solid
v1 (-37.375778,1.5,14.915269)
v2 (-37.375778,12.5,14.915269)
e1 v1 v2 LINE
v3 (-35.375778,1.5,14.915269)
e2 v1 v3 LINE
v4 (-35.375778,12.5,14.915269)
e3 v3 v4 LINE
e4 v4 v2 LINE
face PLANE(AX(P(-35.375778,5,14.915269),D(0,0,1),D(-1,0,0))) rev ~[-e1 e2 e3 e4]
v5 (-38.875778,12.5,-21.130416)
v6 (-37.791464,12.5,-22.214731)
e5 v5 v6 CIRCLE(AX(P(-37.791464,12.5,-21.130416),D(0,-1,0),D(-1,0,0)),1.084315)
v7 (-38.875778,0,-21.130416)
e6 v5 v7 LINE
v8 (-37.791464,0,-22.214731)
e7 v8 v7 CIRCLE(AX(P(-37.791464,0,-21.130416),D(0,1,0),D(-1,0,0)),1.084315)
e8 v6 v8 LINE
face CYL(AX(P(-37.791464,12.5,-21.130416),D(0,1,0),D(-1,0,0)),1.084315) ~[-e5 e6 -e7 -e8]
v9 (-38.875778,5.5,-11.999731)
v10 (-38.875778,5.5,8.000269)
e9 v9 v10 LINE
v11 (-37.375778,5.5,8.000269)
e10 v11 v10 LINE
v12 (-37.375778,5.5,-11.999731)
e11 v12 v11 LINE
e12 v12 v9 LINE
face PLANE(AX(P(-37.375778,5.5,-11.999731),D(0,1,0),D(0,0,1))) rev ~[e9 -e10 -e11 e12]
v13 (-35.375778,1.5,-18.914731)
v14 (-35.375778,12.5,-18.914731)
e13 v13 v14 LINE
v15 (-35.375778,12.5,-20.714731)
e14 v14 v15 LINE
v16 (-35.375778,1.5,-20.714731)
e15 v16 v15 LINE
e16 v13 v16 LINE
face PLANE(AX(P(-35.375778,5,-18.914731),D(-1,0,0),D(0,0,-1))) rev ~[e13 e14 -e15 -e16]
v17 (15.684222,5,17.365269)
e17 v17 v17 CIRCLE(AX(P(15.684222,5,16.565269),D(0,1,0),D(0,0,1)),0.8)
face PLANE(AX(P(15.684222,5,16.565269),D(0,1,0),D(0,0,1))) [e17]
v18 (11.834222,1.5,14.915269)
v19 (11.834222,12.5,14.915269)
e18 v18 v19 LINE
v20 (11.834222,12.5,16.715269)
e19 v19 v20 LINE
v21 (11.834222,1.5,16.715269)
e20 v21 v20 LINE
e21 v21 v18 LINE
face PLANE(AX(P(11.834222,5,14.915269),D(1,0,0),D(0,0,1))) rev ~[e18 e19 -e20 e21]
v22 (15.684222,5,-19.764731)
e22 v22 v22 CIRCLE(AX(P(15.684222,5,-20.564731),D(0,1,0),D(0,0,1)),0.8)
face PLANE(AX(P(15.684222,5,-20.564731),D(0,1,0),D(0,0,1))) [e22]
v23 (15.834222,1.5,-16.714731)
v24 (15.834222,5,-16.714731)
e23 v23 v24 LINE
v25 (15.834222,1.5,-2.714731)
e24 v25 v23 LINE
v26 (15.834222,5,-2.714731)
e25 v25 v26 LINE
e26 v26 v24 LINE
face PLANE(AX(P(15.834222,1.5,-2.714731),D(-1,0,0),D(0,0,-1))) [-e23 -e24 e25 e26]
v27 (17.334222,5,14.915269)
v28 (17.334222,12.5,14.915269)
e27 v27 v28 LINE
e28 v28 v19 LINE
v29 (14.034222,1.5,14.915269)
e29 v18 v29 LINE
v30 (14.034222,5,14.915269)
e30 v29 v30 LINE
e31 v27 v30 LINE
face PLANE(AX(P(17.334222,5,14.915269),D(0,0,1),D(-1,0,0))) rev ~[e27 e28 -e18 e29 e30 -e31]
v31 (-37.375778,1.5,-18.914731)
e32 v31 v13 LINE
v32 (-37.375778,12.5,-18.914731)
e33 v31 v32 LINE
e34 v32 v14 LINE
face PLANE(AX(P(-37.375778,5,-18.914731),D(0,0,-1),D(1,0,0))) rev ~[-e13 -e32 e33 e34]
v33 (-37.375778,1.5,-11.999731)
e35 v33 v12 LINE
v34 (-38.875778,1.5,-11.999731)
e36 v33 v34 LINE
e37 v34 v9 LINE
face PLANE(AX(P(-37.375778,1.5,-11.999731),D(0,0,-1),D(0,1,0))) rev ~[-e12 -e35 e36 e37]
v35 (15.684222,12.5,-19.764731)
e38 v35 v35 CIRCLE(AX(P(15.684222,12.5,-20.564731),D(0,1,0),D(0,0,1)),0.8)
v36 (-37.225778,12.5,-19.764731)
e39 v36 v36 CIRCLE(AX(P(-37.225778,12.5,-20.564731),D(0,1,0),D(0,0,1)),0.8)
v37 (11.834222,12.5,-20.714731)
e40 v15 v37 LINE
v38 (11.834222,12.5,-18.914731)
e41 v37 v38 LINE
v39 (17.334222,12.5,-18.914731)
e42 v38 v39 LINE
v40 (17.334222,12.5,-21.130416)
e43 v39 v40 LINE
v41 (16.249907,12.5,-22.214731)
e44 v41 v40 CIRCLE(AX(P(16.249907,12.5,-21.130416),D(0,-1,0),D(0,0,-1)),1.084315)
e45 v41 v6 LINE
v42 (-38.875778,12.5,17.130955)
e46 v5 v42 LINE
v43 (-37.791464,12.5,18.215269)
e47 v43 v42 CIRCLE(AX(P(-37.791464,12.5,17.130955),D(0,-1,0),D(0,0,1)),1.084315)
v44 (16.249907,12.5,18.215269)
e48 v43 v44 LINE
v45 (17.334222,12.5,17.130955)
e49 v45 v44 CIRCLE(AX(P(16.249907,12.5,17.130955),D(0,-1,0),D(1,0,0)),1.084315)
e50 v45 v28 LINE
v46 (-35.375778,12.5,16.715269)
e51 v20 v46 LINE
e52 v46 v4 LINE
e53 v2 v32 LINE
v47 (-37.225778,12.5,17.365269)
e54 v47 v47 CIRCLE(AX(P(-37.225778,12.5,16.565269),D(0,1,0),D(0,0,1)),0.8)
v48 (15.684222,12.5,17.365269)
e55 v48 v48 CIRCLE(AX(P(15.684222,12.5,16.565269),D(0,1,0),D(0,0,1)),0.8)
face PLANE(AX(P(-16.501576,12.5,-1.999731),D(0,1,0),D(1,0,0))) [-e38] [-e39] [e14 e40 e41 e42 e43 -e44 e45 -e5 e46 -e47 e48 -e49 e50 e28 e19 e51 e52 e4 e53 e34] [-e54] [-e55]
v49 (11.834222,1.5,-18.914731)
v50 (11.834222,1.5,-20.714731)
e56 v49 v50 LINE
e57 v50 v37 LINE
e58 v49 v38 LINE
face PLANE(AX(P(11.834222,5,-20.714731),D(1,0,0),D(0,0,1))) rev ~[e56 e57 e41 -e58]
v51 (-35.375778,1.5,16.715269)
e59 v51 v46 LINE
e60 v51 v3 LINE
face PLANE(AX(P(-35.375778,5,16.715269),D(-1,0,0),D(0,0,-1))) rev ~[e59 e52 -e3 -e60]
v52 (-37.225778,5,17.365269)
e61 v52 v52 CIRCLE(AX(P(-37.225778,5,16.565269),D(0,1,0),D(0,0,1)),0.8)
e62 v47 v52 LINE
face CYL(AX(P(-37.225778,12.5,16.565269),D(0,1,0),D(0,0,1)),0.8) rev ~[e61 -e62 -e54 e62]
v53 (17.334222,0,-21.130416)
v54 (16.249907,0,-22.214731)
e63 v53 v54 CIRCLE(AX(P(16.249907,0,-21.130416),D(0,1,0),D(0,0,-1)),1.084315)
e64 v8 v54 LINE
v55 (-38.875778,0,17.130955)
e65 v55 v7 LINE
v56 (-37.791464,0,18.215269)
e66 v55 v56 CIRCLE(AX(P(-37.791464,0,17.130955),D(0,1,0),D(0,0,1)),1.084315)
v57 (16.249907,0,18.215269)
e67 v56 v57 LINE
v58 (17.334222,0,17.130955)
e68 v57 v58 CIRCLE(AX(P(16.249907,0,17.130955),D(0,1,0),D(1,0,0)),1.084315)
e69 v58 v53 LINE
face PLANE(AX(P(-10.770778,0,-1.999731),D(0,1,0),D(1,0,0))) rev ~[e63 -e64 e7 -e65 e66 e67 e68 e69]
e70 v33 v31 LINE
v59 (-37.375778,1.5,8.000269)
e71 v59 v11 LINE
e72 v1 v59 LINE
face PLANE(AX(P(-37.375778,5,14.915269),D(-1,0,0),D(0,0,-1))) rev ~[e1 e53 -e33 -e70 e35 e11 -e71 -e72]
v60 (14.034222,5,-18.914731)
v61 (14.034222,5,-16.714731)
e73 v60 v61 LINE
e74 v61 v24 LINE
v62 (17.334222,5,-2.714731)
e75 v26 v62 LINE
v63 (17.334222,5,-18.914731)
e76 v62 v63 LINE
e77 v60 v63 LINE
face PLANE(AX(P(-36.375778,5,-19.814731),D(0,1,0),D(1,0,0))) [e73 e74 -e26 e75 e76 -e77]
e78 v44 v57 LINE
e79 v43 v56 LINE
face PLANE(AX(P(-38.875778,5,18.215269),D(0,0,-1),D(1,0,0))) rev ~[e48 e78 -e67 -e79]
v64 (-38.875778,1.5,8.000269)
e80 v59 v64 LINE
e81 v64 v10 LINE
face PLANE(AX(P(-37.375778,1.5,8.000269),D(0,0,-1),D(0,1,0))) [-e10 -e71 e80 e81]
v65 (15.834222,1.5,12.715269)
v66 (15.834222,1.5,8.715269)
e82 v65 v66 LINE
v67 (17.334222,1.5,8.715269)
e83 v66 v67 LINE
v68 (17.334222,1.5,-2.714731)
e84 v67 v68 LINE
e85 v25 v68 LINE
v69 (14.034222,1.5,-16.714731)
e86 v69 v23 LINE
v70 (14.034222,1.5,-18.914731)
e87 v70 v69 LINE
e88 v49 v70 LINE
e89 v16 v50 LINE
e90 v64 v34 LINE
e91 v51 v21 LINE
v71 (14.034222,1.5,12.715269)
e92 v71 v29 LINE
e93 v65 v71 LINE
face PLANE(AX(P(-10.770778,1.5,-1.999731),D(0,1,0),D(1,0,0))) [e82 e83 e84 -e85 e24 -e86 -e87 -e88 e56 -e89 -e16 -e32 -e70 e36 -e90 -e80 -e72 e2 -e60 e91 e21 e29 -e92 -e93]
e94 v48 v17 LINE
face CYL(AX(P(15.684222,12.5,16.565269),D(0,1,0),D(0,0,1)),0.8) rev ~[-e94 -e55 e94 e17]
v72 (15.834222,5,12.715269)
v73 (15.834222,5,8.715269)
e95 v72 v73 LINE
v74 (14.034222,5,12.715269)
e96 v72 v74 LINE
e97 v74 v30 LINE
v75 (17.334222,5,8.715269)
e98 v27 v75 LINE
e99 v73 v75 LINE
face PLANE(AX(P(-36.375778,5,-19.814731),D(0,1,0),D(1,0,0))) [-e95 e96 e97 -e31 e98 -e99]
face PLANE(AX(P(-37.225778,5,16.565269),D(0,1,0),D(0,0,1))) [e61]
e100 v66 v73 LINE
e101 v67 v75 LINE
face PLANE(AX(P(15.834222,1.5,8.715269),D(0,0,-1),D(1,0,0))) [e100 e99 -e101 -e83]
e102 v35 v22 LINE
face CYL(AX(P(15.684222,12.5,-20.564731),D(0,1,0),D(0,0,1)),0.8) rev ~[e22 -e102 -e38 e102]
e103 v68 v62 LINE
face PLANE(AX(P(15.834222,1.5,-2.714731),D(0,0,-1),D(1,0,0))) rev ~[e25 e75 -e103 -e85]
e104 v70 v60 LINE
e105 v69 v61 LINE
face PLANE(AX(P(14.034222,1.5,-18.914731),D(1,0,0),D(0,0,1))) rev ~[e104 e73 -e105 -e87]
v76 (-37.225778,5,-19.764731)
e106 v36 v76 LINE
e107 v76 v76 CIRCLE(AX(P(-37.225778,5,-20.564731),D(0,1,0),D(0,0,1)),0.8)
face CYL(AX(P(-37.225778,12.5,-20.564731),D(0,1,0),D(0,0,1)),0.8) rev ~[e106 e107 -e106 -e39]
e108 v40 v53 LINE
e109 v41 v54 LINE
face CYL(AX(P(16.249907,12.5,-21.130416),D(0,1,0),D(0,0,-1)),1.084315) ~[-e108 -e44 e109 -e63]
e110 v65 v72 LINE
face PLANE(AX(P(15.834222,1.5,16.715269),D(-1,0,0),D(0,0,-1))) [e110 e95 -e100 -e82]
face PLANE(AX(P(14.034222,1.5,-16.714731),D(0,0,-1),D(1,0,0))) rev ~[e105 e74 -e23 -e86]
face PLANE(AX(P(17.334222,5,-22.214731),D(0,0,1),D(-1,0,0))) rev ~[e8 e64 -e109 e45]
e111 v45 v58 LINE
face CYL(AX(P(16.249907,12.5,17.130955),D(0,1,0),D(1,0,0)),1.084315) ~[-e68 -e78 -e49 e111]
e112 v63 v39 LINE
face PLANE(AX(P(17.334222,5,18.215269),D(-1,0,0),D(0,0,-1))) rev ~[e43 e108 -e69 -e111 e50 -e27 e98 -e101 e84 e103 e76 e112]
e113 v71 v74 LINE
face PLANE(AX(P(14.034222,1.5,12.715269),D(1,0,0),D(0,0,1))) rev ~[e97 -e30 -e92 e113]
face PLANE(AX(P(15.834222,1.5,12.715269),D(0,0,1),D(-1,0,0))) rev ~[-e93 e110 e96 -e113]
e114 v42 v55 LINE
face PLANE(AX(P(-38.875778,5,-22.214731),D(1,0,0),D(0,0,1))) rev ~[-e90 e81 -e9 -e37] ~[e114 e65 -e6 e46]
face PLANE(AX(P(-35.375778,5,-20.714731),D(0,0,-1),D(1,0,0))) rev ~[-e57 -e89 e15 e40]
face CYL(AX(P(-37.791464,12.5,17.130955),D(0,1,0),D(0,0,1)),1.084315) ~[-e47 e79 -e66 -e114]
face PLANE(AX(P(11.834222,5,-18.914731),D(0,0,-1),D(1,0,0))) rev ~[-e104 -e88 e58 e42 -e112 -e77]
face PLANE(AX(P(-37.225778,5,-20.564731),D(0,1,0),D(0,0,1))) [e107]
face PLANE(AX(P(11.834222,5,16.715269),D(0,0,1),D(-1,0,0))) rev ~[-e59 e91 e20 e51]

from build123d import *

# Parameters (mm, degrees)
SKETCH_1_W          = 56.21
SKETCH_1_H          = 40.43
EXTRUDE_1_DEPTH     = 1.5
SKETCH_2_W          = 54.71
SKETCH_2_H          = 1.5
EXTRUDE_2_DEPTH     = 3.5
SKETCH_3_W          = 1.5
SKETCH_3_H          = 8
SKETCH_3_H_2        = 18
EXTRUDE_3_DEPTH     = 3.5
SKETCH_4_W          = 2.2
SKETCH_4_H          = 1.8
EXTRUDE_4_DEPTH     = 3.5
SKETCH_5_W          = 2
SKETCH_5_H          = 1.8
EXTRUDE_5_DEPTH     = 3.5
EXTRUDE_9_DEPTH     = 7.5
SKETCH_9_R          = 0.8
CUT_EXTRUDE_1_DEPTH = 7.5
SKETCH_11_W         = 10
SKETCH_11_H         = 4
CUT_EXTRUDE_2_DEPTH = 7.5
CUT_EXTRUDE_3_DEPTH = 15


with BuildPart() as part:
    # 草图1 → 凸台-拉伸1 (new body)
    with BuildSketch(Plane(origin=(0, 0, 0), x_dir=(1, 0, 0), z_dir=(0, 1, 0))):
        with Locations((-10.770778443, 1.999730539)):
            Rectangle(SKETCH_1_W, SKETCH_1_H)
    extrude(amount=EXTRUDE_1_DEPTH)

    # 草图2 → 凸台-拉伸2 (add)
    with BuildSketch(Plane(origin=(0, 1.5, 0), x_dir=(1, 0, 0), z_dir=(0, 1, 0))):
        Polygon((-37.375778443, 22.214730539), (-38.875778443, 22.214730539), (-38.875778443, -18.215269461), (-37.375778443, -18.215269461), (-37.375778443, -16.715269461), (-37.375778443, 20.714730539), align=None)
        with Locations((-10.020778443, 21.464730539)):
            Rectangle(SKETCH_2_W, SKETCH_2_H)
        with Locations((-10.020778443, -17.465269461)):
            Rectangle(SKETCH_2_W, SKETCH_2_H)
    extrude(amount=EXTRUDE_2_DEPTH)

    # 草图3 → 凸台-拉伸3 (add)
    with BuildSketch(Plane(origin=(0, 1.5, 0), x_dir=(1, 0, 0), z_dir=(0, 1, 0))):
        with Locations((16.584221557, -12.715269461)):
            Rectangle(SKETCH_3_W, SKETCH_3_H)
        with Locations((16.584221557, 11.714730539)):
            Rectangle(SKETCH_3_W, SKETCH_3_H_2)
    extrude(amount=EXTRUDE_3_DEPTH)

    # 草图4 → 凸台-拉伸4 (add)
    with BuildSketch(Plane(origin=(0, 1.5, 0), x_dir=(1, 0, 0), z_dir=(0, 1, 0))):
        with Locations((12.934221557, 19.814730539)):
            Rectangle(SKETCH_4_W, SKETCH_4_H)
        Polygon((15.834221557, 16.714730539), (15.834221557, 20.714730539), (14.034221557, 20.714730539), (14.034221557, 18.914730539), (14.034221557, 16.714730539), align=None)
        Polygon((14.034221557, -16.715269461), (15.834221557, -16.715269461), (15.834221557, -12.715269461), (14.034221557, -12.715269461), (14.034221557, -14.915269461), align=None)
        with Locations((12.934221557, -15.815269461)):
            Rectangle(SKETCH_4_W, SKETCH_4_H)
    extrude(amount=EXTRUDE_4_DEPTH)

    # 草图5 → 凸台-拉伸5 (add)
    with BuildSketch(Plane(origin=(0, 1.5, 0), x_dir=(1, 0, 0), z_dir=(0, 1, 0))):
        with Locations((-36.375778443, 19.814730539)):
            Rectangle(SKETCH_5_W, SKETCH_5_H)
        with Locations((-36.375778443, -15.815269461)):
            Rectangle(SKETCH_5_W, SKETCH_5_H)
    extrude(amount=EXTRUDE_5_DEPTH)

    # 草图8 → 凸台-拉伸9 (add)
    with BuildSketch(Plane(origin=(0, 5, 0), x_dir=(1, 0, 0), z_dir=(0, 1, 0))):
        Polygon((17.334221557, -14.915269461), (14.034221557, -14.915269461), (11.834221557, -14.915269461), (11.834221557, -16.715269461), (-35.375778443, -16.715269461), (-35.375778443, -14.915269461), (-37.375778443, -14.915269461), (-37.375778443, 18.914730539), (-35.375778443, 18.914730539), (-35.375778443, 20.714730539), (11.834221557, 20.714730539), (11.834221557, 18.914730539), (14.034221557, 18.914730539), (17.334221557, 18.914730539), (17.334221557, 22.214730539), (-38.875778443, 22.214730539), (-38.875778443, -18.215269461), (17.334221557, -18.215269461), align=None)
    extrude(amount=EXTRUDE_9_DEPTH)

    # 草图9 → 切除-拉伸1 (cut)
    with BuildSketch(Plane(origin=(0, 12.5, 0), x_dir=(1, 0, 0), z_dir=(0, 1, 0))):
        with Locations(Location((15.684221557, 20.564730539, 0), (0, 0, 270))):
            Circle(SKETCH_9_R)
        with Locations(Location((15.684221557, -16.565269461, 0), (0, 0, 270))):
            Circle(SKETCH_9_R)
        with Locations(Location((-37.225778443, 20.564730539, 0), (0, 0, 270))):
            Circle(SKETCH_9_R)
        with Locations(Location((-37.225778443, -16.565269461, 0), (0, 0, 270))):
            Circle(SKETCH_9_R)
    extrude(amount=-CUT_EXTRUDE_1_DEPTH, mode=Mode.SUBTRACT)

    # 草图11 → 切除-拉伸2 (cut)
    with BuildSketch(Plane(origin=(-37.375778443, 0, 0), x_dir=(0, 0, -1), z_dir=(1, 0, 0))):
        with Locations((6.999730539, 3.5)):
            Rectangle(SKETCH_11_W, SKETCH_11_H)
        with Locations((-3.000269461, 3.5)):
            Rectangle(SKETCH_11_W, SKETCH_11_H)
    extrude(amount=-CUT_EXTRUDE_2_DEPTH, mode=Mode.SUBTRACT)

    # 草图14 → 切除-拉伸3 (cut)
    with BuildSketch(Plane(origin=(0, 12.5, 0), x_dir=(1, 0, 0), z_dir=(0, 1, 0))):
        with BuildLine():
            Line((-38.875778443, 22.214730539), (-38.875778443, 21.130415964))
            ThreePointArc((-38.875778443, 21.130415964), (-38.558190057, 21.897142153), (-37.791463868, 22.214730539))
            Line((-37.791463868, 22.214730539), (-38.875778443, 22.214730539))
        make_face()
        with BuildLine():
            ThreePointArc((-37.791463868, -18.215269461), (-38.558190057, -17.897681075), (-38.875778443, -17.130954886))
            Line((-38.875778443, -17.130954886), (-38.875778443, -18.215269461))
            Line((-38.875778443, -18.215269461), (-37.791463868, -18.215269461))
        make_face()
        with BuildLine():
            ThreePointArc((17.334221557, -17.130954886), (17.016633171, -17.897681075), (16.249906982, -18.215269461))
            Line((16.249906982, -18.215269461), (17.334221557, -18.215269461))
            Line((17.334221557, -18.215269461), (17.334221557, -17.130954886))
        make_face()
        with BuildLine():
            Line((17.334221557, 22.214730539), (16.249906982, 22.214730539))
            ThreePointArc((16.249906982, 22.214730539), (17.016633171, 21.897142153), (17.334221557, 21.130415964))
            Line((17.334221557, 21.130415964), (17.334221557, 22.214730539))
        make_face()
    extrude(amount=-CUT_EXTRUDE_3_DEPTH, mode=Mode.SUBTRACT)


solid = part.part
